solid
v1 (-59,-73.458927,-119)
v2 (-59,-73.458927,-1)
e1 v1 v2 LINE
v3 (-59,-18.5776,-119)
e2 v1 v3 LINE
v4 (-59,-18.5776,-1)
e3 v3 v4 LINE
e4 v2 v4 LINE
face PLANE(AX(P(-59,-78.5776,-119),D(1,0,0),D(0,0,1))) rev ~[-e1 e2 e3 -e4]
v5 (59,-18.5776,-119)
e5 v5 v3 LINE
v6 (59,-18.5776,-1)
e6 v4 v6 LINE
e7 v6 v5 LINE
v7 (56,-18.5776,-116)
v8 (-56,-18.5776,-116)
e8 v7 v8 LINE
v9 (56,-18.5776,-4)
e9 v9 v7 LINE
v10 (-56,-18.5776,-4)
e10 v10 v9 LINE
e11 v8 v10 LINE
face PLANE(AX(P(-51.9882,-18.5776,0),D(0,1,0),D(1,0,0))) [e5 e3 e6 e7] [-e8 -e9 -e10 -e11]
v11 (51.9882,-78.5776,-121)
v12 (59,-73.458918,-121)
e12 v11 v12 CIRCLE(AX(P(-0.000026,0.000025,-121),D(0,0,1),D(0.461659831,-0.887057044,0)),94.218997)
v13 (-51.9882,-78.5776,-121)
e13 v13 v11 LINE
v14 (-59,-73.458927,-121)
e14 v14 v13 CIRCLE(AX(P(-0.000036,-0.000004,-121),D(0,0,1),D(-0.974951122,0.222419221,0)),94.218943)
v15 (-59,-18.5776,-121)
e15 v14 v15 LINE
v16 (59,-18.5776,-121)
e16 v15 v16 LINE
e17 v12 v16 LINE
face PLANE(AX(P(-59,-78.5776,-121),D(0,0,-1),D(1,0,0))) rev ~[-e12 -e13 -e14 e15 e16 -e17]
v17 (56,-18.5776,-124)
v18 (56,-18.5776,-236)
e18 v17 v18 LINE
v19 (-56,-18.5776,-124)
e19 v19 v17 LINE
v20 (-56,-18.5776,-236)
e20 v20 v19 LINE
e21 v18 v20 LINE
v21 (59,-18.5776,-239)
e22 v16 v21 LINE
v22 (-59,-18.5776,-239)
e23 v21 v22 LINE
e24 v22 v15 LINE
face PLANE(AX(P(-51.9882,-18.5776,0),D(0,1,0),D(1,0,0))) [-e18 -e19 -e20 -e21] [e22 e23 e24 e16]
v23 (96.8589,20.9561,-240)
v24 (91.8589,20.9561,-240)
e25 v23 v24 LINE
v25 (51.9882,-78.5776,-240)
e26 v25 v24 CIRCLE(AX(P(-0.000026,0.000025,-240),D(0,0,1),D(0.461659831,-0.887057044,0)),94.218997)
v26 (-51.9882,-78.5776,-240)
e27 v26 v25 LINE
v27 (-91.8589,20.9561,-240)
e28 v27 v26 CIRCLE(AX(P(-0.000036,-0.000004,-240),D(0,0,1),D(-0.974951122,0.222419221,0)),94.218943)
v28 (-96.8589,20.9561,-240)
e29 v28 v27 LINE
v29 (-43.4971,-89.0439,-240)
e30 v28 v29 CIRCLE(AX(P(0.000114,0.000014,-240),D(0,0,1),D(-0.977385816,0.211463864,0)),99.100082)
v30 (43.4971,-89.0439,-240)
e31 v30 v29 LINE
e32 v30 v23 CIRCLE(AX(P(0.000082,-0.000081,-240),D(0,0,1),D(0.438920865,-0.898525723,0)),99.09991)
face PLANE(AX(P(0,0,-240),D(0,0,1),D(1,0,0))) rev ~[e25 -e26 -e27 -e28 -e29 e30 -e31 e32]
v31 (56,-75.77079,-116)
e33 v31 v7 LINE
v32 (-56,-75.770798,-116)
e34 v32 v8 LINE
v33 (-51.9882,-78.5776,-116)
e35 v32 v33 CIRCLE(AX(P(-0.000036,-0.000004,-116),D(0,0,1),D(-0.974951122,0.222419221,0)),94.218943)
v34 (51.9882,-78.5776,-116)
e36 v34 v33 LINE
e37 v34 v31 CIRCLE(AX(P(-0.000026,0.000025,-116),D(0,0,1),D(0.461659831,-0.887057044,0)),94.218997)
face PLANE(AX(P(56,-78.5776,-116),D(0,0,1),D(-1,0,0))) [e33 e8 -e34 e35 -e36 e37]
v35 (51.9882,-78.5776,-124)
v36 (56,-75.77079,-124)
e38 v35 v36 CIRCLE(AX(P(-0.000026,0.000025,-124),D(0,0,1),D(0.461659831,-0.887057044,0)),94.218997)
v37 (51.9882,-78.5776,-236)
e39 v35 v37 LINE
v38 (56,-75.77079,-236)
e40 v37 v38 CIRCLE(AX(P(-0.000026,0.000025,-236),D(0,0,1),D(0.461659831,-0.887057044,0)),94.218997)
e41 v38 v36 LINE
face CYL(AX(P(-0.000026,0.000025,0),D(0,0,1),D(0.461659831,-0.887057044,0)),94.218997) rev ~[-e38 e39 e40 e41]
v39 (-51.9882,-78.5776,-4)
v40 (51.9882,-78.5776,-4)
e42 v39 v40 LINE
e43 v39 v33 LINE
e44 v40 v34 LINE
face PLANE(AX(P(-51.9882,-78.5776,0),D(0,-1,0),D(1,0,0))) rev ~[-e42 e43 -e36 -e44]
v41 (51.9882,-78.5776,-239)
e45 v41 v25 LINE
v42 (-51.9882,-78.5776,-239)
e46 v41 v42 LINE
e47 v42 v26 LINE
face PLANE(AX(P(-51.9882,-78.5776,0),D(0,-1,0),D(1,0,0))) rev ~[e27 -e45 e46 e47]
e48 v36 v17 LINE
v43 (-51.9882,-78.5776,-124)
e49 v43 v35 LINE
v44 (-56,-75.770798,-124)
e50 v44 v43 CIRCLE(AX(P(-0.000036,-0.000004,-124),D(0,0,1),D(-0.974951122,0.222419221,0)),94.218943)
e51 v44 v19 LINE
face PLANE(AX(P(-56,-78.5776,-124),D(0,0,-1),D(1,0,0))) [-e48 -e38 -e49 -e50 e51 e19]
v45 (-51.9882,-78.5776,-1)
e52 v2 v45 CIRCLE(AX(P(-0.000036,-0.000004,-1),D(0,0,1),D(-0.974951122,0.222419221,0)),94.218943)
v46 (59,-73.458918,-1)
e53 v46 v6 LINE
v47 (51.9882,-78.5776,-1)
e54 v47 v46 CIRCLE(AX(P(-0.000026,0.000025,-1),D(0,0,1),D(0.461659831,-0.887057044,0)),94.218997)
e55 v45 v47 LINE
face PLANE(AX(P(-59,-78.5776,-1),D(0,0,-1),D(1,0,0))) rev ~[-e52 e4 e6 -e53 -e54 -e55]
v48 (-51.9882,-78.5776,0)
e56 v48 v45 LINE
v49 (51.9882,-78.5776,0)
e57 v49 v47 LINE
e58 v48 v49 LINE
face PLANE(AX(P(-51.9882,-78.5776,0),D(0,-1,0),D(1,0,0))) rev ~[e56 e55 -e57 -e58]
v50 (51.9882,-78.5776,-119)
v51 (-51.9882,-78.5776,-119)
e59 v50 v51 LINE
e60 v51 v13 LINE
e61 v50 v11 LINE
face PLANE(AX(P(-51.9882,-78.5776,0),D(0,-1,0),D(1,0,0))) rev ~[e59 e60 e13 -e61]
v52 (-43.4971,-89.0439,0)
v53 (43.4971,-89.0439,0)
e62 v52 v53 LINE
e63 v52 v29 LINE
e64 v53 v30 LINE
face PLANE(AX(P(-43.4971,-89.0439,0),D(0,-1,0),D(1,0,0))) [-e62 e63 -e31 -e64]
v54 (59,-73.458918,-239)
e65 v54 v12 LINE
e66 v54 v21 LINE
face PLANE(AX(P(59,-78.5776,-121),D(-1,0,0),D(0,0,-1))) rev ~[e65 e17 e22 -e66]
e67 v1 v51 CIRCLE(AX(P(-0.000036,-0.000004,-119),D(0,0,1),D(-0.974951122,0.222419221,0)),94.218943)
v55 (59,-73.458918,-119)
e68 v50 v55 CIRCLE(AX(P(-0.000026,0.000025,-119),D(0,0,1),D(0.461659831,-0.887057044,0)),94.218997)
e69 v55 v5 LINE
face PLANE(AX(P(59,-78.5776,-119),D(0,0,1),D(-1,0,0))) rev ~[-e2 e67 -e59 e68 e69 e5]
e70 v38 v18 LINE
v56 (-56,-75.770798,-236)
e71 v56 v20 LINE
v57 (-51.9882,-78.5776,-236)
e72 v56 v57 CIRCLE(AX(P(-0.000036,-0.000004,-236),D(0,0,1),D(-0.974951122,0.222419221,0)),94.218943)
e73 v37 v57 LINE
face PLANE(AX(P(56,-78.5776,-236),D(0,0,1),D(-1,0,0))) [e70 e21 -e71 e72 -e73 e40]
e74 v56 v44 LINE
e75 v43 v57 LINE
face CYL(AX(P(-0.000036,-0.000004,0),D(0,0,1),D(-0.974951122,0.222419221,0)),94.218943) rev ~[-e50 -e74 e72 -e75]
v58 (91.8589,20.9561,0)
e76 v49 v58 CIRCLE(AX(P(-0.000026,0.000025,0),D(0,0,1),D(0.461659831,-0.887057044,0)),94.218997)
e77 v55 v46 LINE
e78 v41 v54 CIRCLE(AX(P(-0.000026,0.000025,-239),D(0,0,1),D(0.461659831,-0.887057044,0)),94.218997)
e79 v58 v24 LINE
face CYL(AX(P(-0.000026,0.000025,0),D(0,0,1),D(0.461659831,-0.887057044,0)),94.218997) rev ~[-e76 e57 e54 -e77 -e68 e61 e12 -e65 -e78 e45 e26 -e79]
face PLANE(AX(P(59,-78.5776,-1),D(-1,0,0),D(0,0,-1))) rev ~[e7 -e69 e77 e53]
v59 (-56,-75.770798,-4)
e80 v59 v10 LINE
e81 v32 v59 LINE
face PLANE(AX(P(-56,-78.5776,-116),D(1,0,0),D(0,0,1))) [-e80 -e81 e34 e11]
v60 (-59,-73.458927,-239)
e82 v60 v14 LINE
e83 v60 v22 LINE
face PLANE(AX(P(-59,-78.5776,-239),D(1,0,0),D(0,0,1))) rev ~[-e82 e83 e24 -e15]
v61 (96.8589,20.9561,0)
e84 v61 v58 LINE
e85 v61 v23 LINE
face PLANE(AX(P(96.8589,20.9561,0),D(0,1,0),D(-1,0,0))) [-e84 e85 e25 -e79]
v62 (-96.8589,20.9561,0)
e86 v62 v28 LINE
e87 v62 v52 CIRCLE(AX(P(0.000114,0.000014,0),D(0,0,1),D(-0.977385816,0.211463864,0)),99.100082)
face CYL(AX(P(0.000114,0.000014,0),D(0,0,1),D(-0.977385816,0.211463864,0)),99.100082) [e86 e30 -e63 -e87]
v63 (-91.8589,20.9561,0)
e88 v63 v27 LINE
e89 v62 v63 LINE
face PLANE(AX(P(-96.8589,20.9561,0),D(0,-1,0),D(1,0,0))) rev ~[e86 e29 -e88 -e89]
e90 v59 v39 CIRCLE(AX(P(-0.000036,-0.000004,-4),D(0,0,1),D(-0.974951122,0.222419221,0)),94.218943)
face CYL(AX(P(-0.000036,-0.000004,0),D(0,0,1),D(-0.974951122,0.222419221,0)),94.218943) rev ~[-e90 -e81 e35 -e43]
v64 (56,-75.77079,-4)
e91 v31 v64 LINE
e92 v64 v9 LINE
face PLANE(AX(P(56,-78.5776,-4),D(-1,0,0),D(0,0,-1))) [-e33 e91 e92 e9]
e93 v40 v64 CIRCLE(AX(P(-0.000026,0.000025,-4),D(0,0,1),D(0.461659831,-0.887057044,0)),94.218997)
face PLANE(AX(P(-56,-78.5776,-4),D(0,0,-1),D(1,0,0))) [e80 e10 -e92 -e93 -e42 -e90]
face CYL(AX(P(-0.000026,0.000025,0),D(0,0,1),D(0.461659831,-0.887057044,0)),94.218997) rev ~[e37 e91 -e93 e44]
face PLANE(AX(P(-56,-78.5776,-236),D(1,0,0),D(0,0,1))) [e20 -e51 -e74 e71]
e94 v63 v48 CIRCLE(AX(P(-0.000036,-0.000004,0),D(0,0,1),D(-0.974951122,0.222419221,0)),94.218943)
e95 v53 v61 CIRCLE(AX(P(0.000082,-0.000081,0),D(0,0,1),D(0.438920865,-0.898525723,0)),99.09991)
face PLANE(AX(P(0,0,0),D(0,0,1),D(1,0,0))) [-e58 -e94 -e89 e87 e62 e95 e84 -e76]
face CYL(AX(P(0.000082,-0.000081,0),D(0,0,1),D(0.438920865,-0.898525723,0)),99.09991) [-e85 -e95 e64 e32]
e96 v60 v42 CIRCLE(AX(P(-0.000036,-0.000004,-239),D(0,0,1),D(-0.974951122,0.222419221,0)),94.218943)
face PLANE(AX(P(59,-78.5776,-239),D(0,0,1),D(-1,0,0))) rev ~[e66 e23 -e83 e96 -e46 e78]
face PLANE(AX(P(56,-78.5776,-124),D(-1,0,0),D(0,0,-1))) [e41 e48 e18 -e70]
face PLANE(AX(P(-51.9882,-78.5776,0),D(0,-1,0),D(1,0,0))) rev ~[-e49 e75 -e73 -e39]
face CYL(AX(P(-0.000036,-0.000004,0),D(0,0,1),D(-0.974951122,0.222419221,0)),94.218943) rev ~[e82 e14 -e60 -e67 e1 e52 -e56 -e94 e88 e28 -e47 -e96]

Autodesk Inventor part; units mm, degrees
ref_plane "YZ Plane" through (0, 0, 0) normal (1, 0, 0) x (0, 1, 0)
ref_plane "XZ Plane" through (0, 0, 0) normal (0, 1, 0) x (-1, 0, 0)
ref_plane "XY Plane" through (0, 0, 0) normal (0, 0, 1) x (1, 0, 0)
sketch "Sketch1" plane through (0, 0, 0) normal (0, 0, 1) x (1, 0, 0)
  circle A0 centre (0, 0) radius 107.6 construction
  arc A1 (43.4971, -89.6) -> (-43.4971, -89.6) centre (0, 0) ccw construction
  line L0 (43.4971, -89.6) -> (-43.4971, -89.6) construction
  arc A2 (-96.8589, 20.9561) -> (-43.4971, -89.0439) centre (0, 0) ccw
  line L1 (-43.4971, -89.0439) -> (0, -89.0439)
  line L2 (-96.8589, 20.9561) -> (-91.8589, 20.9561)
  arc A3 (-91.8589, 20.9561) -> (-43.4971, -83.5776) centre (0, 0) ccw
  line L3 (-43.4971, -83.5776) -> (0, -83.5776)
  line L4 (0, 99.6) -> (0, -89.6) construction
  arc A4 (43.4971, -89.0439) -> (96.8589, 20.9561) centre (0, 0) ccw
  line L5 (43.4971, -89.0439) -> (0, -89.0439)
  line L6 (96.8589, 20.9561) -> (91.8589, 20.9561)
  arc A5 (43.4971, -83.5776) -> (91.8589, 20.9561) centre (0, 0) ccw
  line L7 (43.4971, -83.5776) -> (0, -83.5776)
  dimension "d0" = 0.5
  dimension "d1" = 110
  dimension "d2" = 5
extrude "Extrusion1" add sketch "Sketch1" against normal blind 240
sketch "Sketch2" plane through (0, 0, 0) normal (0, 0, 1) x (1, 0, 0)
  line L0 (-50, -78.5776) -> (50, -78.5776) construction
  line L1 (50, -78.5776) -> (50, 21.4224) construction
  line L2 (-50, 21.4224) -> (50, 21.4224) construction
  line L3 (-50, -78.5776) -> (-50, 21.4224) construction
  arc A0 (-91.8589, 20.9561) -> (-43.4971, -83.5776) centre (0, 0) ccw projected
  line L4 (-51.9882, -78.5776) -> (51.9882, -78.5776)
  arc A1 (-51.9882, -78.5776) -> (-43.4971, -83.5776) centre (0, 0) ccw
  arc A2 (43.4971, -83.5776) -> (91.8589, 20.9561) centre (0, 0) ccw projected
  arc A3 (43.4971, -83.5776) -> (51.9882, -78.5776) centre (0, 0) ccw
  line L5 (43.4971, -83.5776) -> (-43.4971, -83.5776) projected
  line L6 (-43.4971, -83.5776) -> (43.4971, -83.5776)
extrude "Extrusion2" add sketch "Sketch2" against normal up to surface (240 mm away)
sketch "Sketch3" plane through (-51.9882, -78.5776, 0) normal (0, 1, 0) x (1, 0, 0)
  line L0 (0, 240) -> (103.9765, 240) construction
  line L1 (0, 0) -> (0, 240) construction
  line L2 (103.9765, 0) -> (0, 0) construction
  line L3 (103.9765, 240) -> (103.9765, 0) construction
  line L4 (94.4882, 137.5) -> (9.4882, 137.5) construction
  line L5 (9.4882, 137.5) -> (9.4882, 222.5) construction
  line L6 (9.4882, 222.5) -> (94.4882, 222.5) construction
  line L7 (94.4882, 222.5) -> (94.4882, 137.5) construction
  line L8 (1.9882, 230) -> (1.9882, 130) construction
  line L9 (1.9882, 130) -> (101.9882, 130) construction
  line L10 (101.9882, 130) -> (101.9882, 230) construction
  line L11 (101.9882, 230) -> (1.9882, 230) construction
  line L12 (94.4882, 17.5) -> (9.4882, 17.5) construction
  line L13 (9.4882, 17.5) -> (9.4882, 102.5) construction
  line L14 (9.4882, 102.5) -> (94.4882, 102.5) construction
  line L15 (94.4882, 102.5) -> (94.4882, 17.5) construction
  line L16 (1.9882, 110) -> (1.9882, 10) construction
  line L17 (1.9882, 10) -> (101.9882, 10) construction
  line L18 (101.9882, 10) -> (101.9882, 110) construction
  line L19 (101.9882, 110) -> (1.9882, 110) construction
  line L20 (11.9882, 220) -> (11.9882, 140) construction
  line L21 (11.9882, 140) -> (91.9882, 140) construction
  line L22 (91.9882, 140) -> (91.9882, 220) construction
  line L23 (91.9882, 220) -> (11.9882, 220) construction
  line L24 (11.9882, 100) -> (11.9882, 20) construction
  line L25 (11.9882, 20) -> (91.9882, 20) construction
  line L26 (91.9882, 20) -> (91.9882, 100) construction
  line L27 (91.9882, 100) -> (11.9882, 100) construction
  line L28 (-4.0118, 124) -> (107.9882, 124)
  line L29 (107.9882, 124) -> (107.9882, 236)
  line L30 (107.9882, 236) -> (-4.0118, 236)
  line L31 (-4.0118, 236) -> (-4.0118, 124)
  line L32 (-4.0118, 124) -> (107.9882, 236) construction
  line L33 (107.9882, 124) -> (-4.0118, 236) construction
  line L34 (-7.0118, 121) -> (110.9882, 121)
  line L35 (110.9882, 121) -> (110.9882, 239)
  line L36 (110.9882, 239) -> (-7.0118, 239)
  line L37 (-7.0118, 239) -> (-7.0118, 121)
  line L38 (-7.0118, 121) -> (110.9882, 239) construction
  line L39 (110.9882, 121) -> (-7.0118, 239) construction
  line L40 (-4.0118, 4) -> (107.9882, 4)
  line L41 (107.9882, 4) -> (107.9882, 116)
  line L42 (107.9882, 116) -> (-4.0118, 116)
  line L43 (-4.0118, 116) -> (-4.0118, 4)
  line L44 (-4.0118, 4) -> (107.9882, 116) construction
  line L45 (107.9882, 4) -> (-4.0118, 116) construction
  line L46 (-7.0118, 1) -> (110.9882, 1)
  line L47 (110.9882, 1) -> (110.9882, 119)
  line L48 (110.9882, 119) -> (-7.0118, 119)
  line L49 (-7.0118, 119) -> (-7.0118, 1)
  line L50 (-7.0118, 1) -> (110.9882, 119) construction
  line L51 (110.9882, 1) -> (-7.0118, 119) construction
  point P0 (51.9882, 0)
  point P1 (51.9882, 180)
  point P2 (51.9882, 60)
  dimension "d7" = 6
  dimension "d8" = 6
  dimension "d9" = 6
  dimension "d10" = 6
  dimension "d11" = 3
  dimension "d12" = 6
  dimension "d13" = 6
  dimension "d14" = 6
  dimension "d15" = 6
  dimension "d16" = 3
extrude "Extrusion3" add sketch "Sketch3" along normal blind 60
properties part number "InsertV1_3DPrint"
